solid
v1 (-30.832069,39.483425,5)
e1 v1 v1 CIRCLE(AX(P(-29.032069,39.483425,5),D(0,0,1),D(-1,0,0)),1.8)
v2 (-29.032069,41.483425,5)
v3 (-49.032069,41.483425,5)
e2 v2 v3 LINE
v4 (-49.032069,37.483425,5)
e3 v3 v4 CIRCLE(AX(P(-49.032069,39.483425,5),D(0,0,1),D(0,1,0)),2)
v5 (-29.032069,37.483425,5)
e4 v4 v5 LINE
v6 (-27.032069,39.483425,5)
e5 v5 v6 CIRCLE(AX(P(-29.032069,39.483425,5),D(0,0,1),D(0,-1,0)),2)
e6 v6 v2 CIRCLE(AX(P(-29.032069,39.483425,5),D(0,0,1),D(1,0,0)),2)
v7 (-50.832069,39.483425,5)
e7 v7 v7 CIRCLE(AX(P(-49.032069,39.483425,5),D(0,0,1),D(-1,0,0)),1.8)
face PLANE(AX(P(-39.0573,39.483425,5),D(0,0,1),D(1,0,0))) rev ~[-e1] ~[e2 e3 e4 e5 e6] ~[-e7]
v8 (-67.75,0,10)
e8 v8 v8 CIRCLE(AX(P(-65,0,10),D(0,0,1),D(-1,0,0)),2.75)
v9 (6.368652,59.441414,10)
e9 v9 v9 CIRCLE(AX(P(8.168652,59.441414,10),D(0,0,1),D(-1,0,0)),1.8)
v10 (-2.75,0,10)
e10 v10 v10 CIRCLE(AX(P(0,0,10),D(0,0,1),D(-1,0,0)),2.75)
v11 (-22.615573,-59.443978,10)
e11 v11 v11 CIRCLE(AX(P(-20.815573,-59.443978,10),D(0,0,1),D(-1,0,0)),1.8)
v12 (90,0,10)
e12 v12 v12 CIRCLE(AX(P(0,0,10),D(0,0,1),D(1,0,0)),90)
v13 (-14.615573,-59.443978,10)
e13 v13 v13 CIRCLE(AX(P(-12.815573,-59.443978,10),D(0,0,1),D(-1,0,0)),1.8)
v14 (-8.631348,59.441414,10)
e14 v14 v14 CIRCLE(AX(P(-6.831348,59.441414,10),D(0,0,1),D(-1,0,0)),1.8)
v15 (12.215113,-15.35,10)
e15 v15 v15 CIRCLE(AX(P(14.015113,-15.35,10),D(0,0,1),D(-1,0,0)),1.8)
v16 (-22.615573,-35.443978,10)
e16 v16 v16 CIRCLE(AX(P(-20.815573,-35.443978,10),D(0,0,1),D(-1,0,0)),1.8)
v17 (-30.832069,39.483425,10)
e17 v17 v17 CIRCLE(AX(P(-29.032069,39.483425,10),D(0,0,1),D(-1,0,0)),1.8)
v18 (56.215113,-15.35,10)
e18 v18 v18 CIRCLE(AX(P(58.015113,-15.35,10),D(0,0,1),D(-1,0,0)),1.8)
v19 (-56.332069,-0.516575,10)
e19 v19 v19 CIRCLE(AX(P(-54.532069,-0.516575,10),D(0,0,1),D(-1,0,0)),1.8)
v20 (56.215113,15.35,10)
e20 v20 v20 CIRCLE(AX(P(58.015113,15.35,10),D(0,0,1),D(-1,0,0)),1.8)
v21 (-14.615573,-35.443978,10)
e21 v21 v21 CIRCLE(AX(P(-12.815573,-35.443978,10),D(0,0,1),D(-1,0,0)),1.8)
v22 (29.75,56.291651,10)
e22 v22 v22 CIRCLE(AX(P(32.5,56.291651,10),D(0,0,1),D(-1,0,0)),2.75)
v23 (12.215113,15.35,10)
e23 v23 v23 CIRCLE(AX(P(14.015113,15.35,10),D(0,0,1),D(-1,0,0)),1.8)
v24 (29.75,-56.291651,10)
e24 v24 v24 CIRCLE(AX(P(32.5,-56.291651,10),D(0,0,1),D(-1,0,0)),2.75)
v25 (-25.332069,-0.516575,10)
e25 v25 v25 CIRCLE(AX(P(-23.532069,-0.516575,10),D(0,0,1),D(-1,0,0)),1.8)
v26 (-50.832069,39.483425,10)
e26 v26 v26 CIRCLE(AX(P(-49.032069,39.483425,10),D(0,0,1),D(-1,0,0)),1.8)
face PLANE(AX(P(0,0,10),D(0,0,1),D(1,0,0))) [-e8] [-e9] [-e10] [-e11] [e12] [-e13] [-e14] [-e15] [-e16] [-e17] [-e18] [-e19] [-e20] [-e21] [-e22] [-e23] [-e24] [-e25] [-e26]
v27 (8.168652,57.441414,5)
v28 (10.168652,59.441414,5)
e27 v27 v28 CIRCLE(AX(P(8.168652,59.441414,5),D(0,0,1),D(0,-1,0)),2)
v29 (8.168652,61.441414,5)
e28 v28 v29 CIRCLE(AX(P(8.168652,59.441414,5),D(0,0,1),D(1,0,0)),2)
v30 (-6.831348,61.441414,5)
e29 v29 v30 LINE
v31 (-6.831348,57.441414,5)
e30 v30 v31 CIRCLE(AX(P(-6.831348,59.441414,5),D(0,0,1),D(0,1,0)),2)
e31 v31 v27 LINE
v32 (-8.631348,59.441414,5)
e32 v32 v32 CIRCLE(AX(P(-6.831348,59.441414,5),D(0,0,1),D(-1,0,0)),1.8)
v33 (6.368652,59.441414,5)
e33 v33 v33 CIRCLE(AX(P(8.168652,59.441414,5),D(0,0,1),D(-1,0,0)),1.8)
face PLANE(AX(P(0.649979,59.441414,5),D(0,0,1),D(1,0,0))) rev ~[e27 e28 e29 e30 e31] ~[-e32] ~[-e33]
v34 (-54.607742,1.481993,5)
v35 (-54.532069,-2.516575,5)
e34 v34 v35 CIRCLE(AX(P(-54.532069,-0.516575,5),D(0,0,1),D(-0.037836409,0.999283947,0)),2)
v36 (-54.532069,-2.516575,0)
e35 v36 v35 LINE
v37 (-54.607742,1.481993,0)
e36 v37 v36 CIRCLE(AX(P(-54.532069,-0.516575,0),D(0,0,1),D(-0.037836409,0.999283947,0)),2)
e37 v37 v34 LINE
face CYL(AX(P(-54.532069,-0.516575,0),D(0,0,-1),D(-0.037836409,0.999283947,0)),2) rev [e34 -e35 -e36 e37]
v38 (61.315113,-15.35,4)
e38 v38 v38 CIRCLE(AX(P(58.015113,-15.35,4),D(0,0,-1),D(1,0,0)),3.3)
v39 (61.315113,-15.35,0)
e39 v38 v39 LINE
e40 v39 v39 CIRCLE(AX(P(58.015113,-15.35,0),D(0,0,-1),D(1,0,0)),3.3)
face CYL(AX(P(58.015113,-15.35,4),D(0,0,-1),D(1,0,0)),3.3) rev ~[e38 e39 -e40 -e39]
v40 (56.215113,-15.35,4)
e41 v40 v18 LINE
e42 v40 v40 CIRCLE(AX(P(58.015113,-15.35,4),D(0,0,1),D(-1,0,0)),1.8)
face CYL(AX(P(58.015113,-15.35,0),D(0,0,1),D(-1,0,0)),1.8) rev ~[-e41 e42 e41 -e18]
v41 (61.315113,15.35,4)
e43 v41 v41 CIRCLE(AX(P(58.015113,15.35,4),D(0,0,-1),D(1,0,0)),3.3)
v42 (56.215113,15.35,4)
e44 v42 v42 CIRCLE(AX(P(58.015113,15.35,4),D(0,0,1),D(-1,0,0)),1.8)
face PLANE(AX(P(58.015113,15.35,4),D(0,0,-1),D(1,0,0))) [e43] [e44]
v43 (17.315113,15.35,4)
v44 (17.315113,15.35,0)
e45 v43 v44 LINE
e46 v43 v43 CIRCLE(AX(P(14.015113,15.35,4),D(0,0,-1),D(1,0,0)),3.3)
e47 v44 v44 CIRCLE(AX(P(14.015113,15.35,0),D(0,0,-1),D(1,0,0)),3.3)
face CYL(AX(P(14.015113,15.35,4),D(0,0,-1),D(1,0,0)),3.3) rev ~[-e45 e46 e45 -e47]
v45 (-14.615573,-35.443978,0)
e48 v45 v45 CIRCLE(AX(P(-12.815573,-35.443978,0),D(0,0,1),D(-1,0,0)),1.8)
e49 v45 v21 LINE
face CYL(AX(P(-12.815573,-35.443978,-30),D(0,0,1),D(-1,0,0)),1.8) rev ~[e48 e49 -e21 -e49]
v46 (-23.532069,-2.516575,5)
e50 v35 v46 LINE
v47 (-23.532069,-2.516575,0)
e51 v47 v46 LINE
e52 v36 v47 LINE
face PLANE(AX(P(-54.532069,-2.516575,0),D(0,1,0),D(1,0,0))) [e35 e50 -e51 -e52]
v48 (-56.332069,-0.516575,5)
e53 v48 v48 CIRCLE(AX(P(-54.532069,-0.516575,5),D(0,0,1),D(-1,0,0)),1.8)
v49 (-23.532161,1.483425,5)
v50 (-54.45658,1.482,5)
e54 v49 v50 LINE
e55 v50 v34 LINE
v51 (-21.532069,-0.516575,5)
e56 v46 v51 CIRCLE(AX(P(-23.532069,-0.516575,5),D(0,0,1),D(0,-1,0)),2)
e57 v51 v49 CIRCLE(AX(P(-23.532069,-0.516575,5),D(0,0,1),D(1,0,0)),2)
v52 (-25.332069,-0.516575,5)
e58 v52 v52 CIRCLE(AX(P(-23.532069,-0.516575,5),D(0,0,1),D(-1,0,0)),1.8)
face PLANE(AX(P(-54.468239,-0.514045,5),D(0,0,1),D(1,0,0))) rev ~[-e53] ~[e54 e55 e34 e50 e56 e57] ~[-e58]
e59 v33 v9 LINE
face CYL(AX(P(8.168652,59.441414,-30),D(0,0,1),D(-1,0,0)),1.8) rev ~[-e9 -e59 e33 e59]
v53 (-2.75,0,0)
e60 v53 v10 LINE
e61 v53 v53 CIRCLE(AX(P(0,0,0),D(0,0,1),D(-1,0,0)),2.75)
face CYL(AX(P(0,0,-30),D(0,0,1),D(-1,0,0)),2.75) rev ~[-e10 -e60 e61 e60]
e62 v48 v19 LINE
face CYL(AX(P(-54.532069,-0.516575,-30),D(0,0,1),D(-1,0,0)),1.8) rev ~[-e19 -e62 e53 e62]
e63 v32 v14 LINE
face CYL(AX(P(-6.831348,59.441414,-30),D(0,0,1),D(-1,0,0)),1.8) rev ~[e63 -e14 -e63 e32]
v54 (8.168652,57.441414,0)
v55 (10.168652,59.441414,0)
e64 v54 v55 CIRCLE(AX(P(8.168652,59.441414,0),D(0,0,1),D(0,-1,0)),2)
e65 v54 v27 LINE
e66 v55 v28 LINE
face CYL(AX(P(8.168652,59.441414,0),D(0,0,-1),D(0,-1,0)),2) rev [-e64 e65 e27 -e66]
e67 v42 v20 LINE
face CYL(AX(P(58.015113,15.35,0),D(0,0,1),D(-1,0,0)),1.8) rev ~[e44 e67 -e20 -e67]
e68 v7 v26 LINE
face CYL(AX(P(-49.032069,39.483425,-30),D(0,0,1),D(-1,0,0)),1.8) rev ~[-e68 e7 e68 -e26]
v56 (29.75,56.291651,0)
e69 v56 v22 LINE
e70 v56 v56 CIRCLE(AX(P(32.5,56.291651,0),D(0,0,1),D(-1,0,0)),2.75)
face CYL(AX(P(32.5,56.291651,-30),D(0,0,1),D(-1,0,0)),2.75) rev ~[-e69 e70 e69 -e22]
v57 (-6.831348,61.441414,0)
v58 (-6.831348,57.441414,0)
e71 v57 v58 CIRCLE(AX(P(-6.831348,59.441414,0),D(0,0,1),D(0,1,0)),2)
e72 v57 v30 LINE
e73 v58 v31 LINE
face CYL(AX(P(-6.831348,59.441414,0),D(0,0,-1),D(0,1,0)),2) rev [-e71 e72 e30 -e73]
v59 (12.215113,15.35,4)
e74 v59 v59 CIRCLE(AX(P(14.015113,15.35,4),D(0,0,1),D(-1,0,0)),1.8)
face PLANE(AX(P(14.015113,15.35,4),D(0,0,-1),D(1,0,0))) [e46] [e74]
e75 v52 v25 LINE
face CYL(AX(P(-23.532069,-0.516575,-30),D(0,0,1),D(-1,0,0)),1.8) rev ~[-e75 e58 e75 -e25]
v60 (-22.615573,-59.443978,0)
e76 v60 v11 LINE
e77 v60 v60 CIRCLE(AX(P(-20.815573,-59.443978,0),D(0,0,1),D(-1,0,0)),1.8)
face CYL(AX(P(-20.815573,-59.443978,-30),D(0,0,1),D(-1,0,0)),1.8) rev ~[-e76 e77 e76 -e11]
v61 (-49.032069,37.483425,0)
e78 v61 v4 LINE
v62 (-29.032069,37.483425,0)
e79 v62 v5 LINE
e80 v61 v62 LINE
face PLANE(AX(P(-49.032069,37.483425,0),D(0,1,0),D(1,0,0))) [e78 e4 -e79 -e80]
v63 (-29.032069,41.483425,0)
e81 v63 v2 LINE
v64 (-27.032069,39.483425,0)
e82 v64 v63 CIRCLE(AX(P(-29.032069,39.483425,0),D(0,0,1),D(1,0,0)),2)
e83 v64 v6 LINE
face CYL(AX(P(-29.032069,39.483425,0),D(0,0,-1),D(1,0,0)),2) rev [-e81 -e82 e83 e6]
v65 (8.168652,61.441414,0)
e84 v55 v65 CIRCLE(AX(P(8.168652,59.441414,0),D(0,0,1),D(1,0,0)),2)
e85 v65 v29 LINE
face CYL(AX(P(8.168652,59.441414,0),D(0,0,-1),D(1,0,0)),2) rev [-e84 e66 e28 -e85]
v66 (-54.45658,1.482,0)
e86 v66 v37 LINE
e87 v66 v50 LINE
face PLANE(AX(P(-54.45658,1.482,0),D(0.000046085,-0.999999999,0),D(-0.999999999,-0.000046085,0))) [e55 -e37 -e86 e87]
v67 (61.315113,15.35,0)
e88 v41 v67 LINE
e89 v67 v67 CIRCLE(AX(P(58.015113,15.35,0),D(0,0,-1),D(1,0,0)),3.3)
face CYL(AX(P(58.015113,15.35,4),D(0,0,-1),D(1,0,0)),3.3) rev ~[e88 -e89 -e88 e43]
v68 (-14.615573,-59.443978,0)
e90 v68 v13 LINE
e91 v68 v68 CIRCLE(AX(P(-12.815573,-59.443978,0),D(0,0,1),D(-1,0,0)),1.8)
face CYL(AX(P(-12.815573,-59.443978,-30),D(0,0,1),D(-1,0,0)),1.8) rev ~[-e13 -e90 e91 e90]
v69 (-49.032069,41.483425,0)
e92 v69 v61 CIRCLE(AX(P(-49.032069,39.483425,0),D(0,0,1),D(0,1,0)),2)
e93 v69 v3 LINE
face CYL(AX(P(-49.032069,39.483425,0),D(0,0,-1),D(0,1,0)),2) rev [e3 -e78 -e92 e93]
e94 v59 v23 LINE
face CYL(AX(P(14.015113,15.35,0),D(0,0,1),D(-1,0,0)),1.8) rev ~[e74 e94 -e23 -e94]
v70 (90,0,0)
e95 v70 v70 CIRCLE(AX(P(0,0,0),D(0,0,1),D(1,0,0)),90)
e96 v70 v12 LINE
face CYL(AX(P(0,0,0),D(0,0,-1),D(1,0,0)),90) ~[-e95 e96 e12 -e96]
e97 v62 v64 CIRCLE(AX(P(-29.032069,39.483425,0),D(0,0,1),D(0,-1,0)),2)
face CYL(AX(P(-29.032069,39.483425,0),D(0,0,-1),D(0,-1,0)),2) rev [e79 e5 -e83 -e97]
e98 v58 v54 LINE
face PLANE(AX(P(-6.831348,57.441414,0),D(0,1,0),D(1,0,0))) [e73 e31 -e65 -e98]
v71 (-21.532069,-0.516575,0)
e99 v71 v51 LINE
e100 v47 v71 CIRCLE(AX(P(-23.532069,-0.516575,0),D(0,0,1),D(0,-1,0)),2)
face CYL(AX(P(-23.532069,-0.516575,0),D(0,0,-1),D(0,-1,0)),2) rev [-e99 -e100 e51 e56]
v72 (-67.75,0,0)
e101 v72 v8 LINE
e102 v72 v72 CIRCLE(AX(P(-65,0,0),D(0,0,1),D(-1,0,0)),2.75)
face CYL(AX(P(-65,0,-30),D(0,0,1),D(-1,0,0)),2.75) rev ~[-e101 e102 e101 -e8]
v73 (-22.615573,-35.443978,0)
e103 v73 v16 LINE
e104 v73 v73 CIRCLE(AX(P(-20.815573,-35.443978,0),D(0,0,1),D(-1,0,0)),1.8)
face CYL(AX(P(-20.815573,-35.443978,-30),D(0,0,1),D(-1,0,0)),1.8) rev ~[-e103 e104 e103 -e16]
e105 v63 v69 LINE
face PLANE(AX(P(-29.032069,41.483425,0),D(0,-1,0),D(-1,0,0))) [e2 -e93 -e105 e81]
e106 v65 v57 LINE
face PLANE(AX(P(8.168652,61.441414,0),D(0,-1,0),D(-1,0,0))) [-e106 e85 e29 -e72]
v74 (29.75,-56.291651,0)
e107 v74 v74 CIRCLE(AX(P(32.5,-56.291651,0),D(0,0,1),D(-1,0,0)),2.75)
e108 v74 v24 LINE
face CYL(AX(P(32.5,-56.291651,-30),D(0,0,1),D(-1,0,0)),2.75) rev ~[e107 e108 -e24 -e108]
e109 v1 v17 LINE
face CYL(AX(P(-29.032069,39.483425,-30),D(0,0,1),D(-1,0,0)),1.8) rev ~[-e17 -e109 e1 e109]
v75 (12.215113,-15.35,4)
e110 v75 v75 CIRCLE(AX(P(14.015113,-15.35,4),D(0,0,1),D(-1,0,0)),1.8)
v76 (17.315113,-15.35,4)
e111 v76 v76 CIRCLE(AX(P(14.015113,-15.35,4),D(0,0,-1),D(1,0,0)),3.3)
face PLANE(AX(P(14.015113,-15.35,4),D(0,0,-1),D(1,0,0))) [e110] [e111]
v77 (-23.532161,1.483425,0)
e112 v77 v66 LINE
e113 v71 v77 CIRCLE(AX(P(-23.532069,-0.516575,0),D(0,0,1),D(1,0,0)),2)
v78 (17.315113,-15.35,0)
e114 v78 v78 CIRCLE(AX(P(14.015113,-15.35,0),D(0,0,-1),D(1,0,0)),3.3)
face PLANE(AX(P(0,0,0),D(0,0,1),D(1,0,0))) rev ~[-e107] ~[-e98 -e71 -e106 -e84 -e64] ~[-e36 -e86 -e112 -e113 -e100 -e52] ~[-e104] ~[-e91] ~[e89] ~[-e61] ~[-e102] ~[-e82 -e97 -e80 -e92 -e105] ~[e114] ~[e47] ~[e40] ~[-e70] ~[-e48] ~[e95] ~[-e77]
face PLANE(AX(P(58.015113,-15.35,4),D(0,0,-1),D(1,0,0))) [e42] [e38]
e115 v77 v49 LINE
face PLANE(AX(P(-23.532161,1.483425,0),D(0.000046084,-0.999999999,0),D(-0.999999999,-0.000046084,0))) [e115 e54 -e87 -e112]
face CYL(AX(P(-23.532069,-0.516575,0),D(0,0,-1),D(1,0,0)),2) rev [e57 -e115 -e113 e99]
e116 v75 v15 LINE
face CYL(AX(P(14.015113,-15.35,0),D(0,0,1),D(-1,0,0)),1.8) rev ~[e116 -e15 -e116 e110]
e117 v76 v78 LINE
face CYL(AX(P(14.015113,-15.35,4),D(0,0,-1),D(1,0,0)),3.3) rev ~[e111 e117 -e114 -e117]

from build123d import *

# Parameters (mm, degrees)
F0_R           = 90
F3_DEPTH       = 10
F4_D           = 5.5
F4_DEPTH       = 30
F4_TIP         = 1.6523667023
F6_D           = 3.6
F6_CBORE_D     = 6.6
F6_CBORE_DEPTH = 4
F8_D           = 3.6
F8_DEPTH       = 30
F8_TIP         = 1.0815491142
F9_DEPTH       = 5


with BuildPart() as f3:
    # F0 (on Top) → F3 (new body)
    with BuildSketch(Plane.XY):
        Circle(F0_R)
    extrude(amount=F3_DEPTH)

    # F4
    with Locations(Plane(origin=(0, 0, 0), x_dir=(1, 0, 0), z_dir=(0, 0, -1))):
        with Locations((32.5, -56.291651246), (32.5, 56.291651246), (-65, 0), (0, 0)):
            Hole(F4_D / 2, depth=F4_DEPTH)
            with Locations((0, 0, -(F4_DEPTH + F4_TIP / 2))):  # 118° drill point
                Cone(0, F4_D / 2, F4_TIP, mode=Mode.SUBTRACT)

    # F6 (through all)
    with Locations(Plane(origin=(0, 0, 0), x_dir=(1, 0, 0), z_dir=(0, 0, -1))):
        with Locations((14.0151126623, 15.35), (58.0151126623, 15.35), (14.0151126623, -15.35), (58.0151126623, -15.35)):
            CounterBoreHole(F6_D / 2, F6_CBORE_D / 2, F6_CBORE_DEPTH)

    # F8
    with Locations(Plane(origin=(0, 0, 0), x_dir=(1, 0, 0), z_dir=(0, 0, -1))):
        with Locations((-12.8155729771, 59.4439784884), (-20.8155729771, 59.4439784884), (-12.8155729771, 35.4439784884), (-20.8155729771, 35.4439784884), (-49.032068802, -39.4834254403), (-29.032068802, -39.4834254403), (-6.8313475791, -59.4414137304), (8.1686524209, -59.4414137304), (-23.532068802, 0.5165745633), (-54.532068802, 0.5165745597)):
            Hole(F8_D / 2, depth=F8_DEPTH)
            with Locations((0, 0, -(F8_DEPTH + F8_TIP / 2))):  # 118° drill point
                Cone(0, F8_D / 2, F8_TIP, mode=Mode.SUBTRACT)

    # F7 (on face) → F9 (cut)
    with BuildSketch(Plane.XY):
        with BuildLine():
            Line((-54.4565801894, 1.4820002999), (-54.6077416208, 1.4819933337))
            ThreePointArc((-54.6077416208, 1.4819933337), (-56.5317107433, -0.5544177441), (-54.532068802, -2.5165745597))
            ThreePointArc((-54.532068802, -2.5165745597), (-53.1178552397, -1.9307881221), (-52.532068802, -0.5165745597))
            ThreePointArc((-52.532068802, -0.5165745597), (-53.091413183, 0.8706930379), (-54.4565801894, 1.4820002999))
        make_face()
        with BuildLine():
            ThreePointArc((-23.5321609709, 1.4834254345), (-25.5320688015, -0.5166206477), (-23.5320688023, -2.5165745633))
            ThreePointArc((-23.5320688023, -2.5165745633), (-22.1178552398, -1.9307881258), (-21.532068802, -0.5165745633))
            ThreePointArc((-21.532068802, -0.5165745633), (-22.1178878267, 0.8976715853), (-23.5321609709, 1.4834254345))
        make_face()
        with BuildLine():
            ThreePointArc((-52.532068802, -0.5165745597), (-53.1178552397, -1.9307881221), (-54.532068802, -2.5165745597))
            Line((-54.532068802, -2.5165745597), (-23.5320688023, -2.5165745633))
            ThreePointArc((-23.5320688023, -2.5165745633), (-25.5320688015, -0.5166206477), (-23.5321609709, 1.4834254345))
            Line((-23.5321609709, 1.4834254345), (-54.4565801894, 1.4820002999))
            ThreePointArc((-54.4565801894, 1.4820002999), (-53.091413183, 0.8706930379), (-52.532068802, -0.5165745597))
        make_face()
        with BuildLine():
            ThreePointArc((-29.032068802, 37.4834254403), (-31.032068802, 39.4834254403), (-29.032068802, 41.4834254403))
            Line((-29.032068802, 41.4834254403), (-49.032068802, 41.4834254403))
            ThreePointArc((-49.032068802, 41.4834254403), (-47.6178552397, 40.8976390026), (-47.032068802, 39.4834254403))
            ThreePointArc((-47.032068802, 39.4834254403), (-47.6178552397, 38.0692118779), (-49.032068802, 37.4834254403))
            Line((-49.032068802, 37.4834254403), (-29.032068802, 37.4834254403))
        make_face()
        with BuildLine():
            ThreePointArc((-47.032068802, 39.4834254403), (-47.6178552397, 40.8976390026), (-49.032068802, 41.4834254403))
            ThreePointArc((-49.032068802, 41.4834254403), (-51.032068802, 39.4834254403), (-49.032068802, 37.4834254403))
            ThreePointArc((-49.032068802, 37.4834254403), (-47.6178552397, 38.0692118779), (-47.032068802, 39.4834254403))
        make_face()
        with BuildLine():
            ThreePointArc((-29.032068802, 37.4834254403), (-27.6178552397, 38.0692118779), (-27.032068802, 39.4834254403))
            ThreePointArc((-27.032068802, 39.4834254403), (-27.6178552397, 40.8976390026), (-29.032068802, 41.4834254403))
            ThreePointArc((-29.032068802, 41.4834254403), (-31.032068802, 39.4834254403), (-29.032068802, 37.4834254403))
        make_face()
        with BuildLine():
            ThreePointArc((-6.8313475791, 61.4414137304), (-5.4171340168, 60.8556272928), (-4.8313475791, 59.4414137304))
            ThreePointArc((-4.8313475791, 59.4414137304), (-5.4171340168, 58.027200168), (-6.8313475791, 57.4414137304))
            Line((-6.8313475791, 57.4414137304), (8.1686524209, 57.4414137304))
            ThreePointArc((8.1686524209, 57.4414137304), (6.1686524209, 59.4414137304), (8.1686524209, 61.4414137304))
            Line((8.1686524209, 61.4414137304), (-6.8313475791, 61.4414137304))
        make_face()
        with BuildLine():
            ThreePointArc((-6.8313475791, 57.4414137304), (-5.4171340168, 58.027200168), (-4.8313475791, 59.4414137304))
            ThreePointArc((-4.8313475791, 59.4414137304), (-5.4171340168, 60.8556272928), (-6.8313475791, 61.4414137304))
            ThreePointArc((-6.8313475791, 61.4414137304), (-8.8313475791, 59.4414137304), (-6.8313475791, 57.4414137304))
        make_face()
        with BuildLine():
            ThreePointArc((10.1686524209, 59.4414137304), (9.5828659832, 60.8556272928), (8.1686524209, 61.4414137304))
            ThreePointArc((8.1686524209, 61.4414137304), (6.1686524209, 59.4414137304), (8.1686524209, 57.4414137304))
            ThreePointArc((8.1686524209, 57.4414137304), (9.5828659832, 58.027200168), (10.1686524209, 59.4414137304))
        make_face()
    extrude(amount=F9_DEPTH, mode=Mode.SUBTRACT)


solid = f3.part
